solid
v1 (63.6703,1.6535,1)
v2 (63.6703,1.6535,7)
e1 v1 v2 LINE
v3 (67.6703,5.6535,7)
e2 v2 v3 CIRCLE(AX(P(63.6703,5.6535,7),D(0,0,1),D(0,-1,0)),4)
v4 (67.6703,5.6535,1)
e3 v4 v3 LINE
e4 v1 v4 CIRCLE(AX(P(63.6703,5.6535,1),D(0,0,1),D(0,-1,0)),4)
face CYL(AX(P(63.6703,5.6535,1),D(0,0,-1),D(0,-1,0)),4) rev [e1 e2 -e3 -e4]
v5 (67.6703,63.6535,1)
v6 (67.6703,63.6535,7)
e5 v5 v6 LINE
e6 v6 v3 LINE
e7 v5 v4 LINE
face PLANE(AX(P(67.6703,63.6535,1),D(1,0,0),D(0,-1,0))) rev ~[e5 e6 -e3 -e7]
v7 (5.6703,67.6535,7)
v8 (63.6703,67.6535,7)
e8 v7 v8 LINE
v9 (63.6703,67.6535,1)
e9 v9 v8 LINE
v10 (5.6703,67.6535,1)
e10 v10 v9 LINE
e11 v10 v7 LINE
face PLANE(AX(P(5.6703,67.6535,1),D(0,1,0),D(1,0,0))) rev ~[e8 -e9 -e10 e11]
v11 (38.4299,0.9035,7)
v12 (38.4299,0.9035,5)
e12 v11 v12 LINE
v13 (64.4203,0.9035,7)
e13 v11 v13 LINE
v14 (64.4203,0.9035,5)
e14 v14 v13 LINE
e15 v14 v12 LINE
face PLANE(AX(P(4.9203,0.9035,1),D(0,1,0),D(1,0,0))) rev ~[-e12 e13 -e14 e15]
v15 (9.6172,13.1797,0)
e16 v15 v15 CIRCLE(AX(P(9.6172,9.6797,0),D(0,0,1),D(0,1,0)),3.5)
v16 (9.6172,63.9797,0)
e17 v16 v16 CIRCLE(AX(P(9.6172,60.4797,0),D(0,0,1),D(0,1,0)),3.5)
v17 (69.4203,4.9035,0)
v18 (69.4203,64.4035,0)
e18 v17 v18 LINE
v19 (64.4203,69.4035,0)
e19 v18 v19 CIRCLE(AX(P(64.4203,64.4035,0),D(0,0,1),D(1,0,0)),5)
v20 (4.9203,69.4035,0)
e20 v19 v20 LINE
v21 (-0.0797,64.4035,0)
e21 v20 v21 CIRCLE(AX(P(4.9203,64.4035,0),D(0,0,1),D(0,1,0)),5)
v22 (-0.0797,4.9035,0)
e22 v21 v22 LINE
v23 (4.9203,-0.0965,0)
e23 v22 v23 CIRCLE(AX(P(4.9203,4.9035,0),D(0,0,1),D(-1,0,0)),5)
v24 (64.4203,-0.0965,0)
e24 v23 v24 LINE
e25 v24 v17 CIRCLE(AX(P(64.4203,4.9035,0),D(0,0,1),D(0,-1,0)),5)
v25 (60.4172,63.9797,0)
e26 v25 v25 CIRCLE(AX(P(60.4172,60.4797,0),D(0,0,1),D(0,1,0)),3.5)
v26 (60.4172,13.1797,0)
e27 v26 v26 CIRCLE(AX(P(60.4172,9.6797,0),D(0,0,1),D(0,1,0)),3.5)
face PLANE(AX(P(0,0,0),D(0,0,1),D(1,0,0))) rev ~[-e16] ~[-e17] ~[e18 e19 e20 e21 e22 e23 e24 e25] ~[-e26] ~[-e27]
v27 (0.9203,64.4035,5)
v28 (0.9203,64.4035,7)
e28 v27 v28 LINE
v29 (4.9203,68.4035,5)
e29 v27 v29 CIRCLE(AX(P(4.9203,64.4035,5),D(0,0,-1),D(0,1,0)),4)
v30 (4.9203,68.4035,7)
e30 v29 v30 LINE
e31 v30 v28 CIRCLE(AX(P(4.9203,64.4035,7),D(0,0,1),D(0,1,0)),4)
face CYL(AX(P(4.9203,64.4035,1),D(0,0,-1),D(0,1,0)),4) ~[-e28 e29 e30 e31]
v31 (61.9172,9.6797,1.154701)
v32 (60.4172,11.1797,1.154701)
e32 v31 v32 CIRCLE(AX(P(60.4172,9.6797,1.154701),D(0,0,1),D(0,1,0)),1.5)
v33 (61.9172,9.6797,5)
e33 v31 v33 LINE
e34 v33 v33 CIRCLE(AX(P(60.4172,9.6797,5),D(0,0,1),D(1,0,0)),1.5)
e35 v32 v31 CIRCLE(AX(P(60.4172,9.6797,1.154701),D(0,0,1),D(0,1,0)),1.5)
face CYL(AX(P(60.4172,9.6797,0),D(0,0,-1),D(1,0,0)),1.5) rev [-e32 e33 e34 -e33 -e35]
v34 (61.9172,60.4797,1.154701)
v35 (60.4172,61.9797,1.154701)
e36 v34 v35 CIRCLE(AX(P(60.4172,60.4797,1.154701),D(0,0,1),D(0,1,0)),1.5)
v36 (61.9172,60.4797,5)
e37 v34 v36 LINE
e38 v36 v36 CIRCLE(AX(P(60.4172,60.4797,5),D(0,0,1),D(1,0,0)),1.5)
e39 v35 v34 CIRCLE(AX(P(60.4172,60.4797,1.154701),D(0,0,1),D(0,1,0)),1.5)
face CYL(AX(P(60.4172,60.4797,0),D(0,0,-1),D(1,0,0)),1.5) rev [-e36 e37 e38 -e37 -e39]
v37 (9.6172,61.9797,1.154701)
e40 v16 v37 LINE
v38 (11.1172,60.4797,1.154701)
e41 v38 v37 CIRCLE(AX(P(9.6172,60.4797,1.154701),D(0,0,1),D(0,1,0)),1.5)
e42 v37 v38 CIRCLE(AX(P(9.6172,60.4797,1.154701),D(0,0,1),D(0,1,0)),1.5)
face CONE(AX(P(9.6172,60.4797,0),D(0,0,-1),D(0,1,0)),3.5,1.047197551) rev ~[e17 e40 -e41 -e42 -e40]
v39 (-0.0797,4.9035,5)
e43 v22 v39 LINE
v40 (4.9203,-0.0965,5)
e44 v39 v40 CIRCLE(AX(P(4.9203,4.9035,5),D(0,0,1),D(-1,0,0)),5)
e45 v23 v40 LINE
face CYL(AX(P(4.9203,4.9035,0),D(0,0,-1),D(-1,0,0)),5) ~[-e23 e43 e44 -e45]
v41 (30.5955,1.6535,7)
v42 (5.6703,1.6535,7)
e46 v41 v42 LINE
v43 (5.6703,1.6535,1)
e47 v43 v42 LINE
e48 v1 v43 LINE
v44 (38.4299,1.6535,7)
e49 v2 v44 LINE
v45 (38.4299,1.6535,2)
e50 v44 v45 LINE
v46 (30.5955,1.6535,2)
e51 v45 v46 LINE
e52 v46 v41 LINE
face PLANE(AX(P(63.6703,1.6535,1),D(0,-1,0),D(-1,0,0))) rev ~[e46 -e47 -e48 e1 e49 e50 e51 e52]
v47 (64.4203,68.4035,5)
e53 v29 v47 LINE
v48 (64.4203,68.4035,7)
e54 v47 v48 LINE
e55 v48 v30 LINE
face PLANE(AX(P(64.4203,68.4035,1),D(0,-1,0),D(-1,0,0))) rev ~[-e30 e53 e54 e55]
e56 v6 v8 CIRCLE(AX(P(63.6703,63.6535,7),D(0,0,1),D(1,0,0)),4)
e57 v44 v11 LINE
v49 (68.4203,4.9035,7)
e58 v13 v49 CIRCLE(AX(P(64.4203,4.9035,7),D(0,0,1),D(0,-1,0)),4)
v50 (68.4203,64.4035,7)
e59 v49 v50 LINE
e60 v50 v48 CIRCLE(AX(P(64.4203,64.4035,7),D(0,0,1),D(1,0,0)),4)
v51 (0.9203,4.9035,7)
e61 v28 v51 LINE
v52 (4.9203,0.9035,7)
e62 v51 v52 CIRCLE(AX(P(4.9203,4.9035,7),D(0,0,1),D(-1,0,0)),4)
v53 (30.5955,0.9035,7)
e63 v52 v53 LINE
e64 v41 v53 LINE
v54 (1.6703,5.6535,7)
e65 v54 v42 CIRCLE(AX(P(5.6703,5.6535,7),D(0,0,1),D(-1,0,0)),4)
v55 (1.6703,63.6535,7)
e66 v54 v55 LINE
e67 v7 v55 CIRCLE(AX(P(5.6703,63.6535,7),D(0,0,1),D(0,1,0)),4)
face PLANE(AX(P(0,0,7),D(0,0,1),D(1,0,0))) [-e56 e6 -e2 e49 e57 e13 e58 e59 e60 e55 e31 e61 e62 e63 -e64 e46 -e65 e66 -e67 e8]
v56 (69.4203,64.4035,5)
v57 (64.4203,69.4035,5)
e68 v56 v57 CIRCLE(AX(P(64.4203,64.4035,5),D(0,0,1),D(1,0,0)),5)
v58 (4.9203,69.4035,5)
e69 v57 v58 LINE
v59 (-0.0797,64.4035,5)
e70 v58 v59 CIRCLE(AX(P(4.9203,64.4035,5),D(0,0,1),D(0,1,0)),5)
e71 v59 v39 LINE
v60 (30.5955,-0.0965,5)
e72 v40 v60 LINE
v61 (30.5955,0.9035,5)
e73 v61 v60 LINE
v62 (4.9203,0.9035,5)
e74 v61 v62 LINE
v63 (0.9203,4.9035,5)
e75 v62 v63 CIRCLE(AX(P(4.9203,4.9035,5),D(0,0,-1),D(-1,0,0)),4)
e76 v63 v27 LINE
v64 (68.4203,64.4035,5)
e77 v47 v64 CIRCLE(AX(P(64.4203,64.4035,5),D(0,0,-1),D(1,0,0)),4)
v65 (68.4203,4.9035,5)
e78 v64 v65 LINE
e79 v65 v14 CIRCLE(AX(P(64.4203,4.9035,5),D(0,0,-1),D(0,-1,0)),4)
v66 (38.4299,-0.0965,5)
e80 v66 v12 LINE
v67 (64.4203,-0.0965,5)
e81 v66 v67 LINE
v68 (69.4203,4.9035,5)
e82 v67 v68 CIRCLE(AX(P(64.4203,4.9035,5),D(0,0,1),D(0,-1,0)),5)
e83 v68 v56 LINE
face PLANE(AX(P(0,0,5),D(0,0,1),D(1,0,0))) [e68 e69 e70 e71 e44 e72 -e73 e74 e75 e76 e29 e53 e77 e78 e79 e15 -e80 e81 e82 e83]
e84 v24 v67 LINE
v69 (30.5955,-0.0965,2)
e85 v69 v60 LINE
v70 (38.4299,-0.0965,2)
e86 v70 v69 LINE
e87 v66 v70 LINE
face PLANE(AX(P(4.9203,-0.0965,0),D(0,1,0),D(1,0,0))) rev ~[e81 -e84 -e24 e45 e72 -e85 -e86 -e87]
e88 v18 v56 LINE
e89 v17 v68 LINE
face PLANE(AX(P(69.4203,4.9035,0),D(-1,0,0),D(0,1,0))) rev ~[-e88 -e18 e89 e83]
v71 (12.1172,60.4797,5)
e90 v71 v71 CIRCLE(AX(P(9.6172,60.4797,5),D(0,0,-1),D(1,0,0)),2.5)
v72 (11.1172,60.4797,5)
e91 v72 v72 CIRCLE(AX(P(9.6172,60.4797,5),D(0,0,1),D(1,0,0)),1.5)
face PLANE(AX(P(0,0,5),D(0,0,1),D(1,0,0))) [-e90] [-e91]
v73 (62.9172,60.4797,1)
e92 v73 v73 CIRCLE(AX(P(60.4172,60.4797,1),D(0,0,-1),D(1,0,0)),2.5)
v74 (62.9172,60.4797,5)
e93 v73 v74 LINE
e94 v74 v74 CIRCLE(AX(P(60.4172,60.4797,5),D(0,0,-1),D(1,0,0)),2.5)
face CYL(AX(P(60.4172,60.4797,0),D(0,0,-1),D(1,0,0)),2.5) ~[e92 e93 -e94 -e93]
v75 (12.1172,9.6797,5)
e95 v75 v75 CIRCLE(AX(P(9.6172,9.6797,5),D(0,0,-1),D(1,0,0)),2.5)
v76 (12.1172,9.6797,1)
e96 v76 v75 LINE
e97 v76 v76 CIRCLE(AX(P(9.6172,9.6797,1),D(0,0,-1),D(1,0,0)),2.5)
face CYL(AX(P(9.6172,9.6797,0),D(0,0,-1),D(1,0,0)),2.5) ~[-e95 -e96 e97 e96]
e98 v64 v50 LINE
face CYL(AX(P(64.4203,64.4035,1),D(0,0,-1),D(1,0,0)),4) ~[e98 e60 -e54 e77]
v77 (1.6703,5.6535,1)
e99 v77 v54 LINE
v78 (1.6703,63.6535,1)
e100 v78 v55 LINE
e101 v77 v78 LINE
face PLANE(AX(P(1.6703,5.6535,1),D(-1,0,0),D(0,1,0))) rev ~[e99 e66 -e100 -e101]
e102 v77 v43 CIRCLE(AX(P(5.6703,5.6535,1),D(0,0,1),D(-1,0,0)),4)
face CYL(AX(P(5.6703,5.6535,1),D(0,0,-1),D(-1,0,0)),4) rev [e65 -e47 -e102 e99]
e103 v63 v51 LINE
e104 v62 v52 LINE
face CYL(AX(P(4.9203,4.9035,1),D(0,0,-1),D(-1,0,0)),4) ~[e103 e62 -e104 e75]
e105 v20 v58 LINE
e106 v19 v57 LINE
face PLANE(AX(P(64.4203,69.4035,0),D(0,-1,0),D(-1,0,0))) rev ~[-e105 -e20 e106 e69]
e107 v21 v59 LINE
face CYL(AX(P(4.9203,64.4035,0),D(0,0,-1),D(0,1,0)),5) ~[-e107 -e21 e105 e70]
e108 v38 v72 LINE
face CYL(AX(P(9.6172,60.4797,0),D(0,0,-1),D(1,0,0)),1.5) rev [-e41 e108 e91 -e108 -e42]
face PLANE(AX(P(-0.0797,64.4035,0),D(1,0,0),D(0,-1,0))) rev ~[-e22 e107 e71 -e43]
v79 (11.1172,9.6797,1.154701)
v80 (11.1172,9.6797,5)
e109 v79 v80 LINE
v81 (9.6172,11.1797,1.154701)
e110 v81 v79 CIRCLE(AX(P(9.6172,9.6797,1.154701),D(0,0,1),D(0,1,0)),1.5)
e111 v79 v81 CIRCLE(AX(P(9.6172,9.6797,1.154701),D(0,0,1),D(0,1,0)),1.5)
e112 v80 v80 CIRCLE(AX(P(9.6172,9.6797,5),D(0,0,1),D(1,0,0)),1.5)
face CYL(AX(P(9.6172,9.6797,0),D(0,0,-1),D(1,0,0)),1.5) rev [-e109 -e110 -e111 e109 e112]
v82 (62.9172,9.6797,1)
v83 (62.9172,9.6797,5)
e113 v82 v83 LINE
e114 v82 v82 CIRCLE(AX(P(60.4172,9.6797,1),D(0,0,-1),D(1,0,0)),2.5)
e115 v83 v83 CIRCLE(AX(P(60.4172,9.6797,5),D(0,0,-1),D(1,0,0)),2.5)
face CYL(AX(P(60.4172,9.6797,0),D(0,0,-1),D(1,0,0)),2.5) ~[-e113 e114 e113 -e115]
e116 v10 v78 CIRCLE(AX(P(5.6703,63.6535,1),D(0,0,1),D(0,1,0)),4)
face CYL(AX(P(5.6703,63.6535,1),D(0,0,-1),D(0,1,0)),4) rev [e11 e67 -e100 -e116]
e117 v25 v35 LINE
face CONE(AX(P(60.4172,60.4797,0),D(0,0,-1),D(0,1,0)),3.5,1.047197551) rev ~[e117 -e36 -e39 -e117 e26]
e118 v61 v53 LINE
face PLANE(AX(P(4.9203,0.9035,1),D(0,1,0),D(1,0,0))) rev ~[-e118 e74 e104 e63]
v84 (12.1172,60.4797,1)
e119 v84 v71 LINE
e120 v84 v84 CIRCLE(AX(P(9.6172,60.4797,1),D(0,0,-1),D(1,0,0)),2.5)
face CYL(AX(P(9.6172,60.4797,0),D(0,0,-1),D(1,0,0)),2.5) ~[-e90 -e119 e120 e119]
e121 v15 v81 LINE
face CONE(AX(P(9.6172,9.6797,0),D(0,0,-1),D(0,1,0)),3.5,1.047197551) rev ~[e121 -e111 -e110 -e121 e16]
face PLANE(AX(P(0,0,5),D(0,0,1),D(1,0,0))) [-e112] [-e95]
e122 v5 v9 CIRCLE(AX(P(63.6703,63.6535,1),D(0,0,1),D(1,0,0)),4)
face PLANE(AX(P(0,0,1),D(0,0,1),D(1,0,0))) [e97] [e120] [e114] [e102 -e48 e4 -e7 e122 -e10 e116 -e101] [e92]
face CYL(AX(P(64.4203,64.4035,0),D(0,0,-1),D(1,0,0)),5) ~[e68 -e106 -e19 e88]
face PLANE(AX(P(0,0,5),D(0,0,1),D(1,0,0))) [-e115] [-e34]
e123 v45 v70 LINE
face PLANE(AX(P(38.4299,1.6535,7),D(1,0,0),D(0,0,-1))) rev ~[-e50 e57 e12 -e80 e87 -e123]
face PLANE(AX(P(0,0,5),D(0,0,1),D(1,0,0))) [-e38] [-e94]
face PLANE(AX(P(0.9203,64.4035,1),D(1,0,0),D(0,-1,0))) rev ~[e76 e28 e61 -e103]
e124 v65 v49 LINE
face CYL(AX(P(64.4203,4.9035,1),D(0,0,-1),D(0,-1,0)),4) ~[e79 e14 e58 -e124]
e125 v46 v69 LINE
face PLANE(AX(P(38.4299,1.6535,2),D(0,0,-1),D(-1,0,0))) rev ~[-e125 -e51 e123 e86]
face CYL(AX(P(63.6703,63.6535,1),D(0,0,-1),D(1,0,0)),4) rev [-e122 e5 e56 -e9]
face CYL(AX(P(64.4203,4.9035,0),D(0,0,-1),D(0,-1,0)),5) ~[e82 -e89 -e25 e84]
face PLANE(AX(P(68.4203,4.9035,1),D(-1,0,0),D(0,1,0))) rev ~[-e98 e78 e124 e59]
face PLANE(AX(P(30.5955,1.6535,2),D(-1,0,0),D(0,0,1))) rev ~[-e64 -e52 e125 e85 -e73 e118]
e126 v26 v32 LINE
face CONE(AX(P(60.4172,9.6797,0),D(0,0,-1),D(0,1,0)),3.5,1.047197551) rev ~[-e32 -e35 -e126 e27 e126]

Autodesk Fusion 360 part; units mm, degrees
sketch "Sketch2" plane through (0, 1.6535, 0) normal (0, 1, 0) x (-1, 0, 0)
  line L0 (-63.6703, 1) -> (-5.6703, 1)
  line L1 (-5.6703, 1) -> (-5.6703, 7)
  line L2 (-5.6703, 7) -> (-63.6703, 7)
  line L3 (-63.6703, 7) -> (-63.6703, 1)
  line L4 (-30.5955, 7) -> (-38.4299, 7)
  line L5 (-38.4299, 7) -> (-38.4299, 2)
  line L6 (-38.4299, 2) -> (-30.5955, 2)
  line L7 (-30.5955, 2) -> (-30.5955, 7)
  dimension "d1" = 5
sketch "Sketch3" plane through (0, 0, 1) normal (0, 0, 1) x (1, 0, 0)
  circle A0 centre (9.6172, 60.4797) radius 2.5
  circle A1 centre (60.4172, 9.6797) radius 2.5
  circle A2 centre (9.6172, 9.6797) radius 2.5
  circle A3 centre (60.4172, 60.4797) radius 2.5
  line L0 (68.4203, 4.9035) -> (68.4203, 64.4035)
  arc A4 (68.4203, 64.4035) -> (64.4203, 68.4035) centre (64.4203, 64.4035) ccw
  line L1 (64.4203, 68.4035) -> (4.9203, 68.4035)
  arc A5 (4.9203, 68.4035) -> (0.9203, 64.4035) centre (4.9203, 64.4035) ccw
  line L2 (0.9203, 64.4035) -> (0.9203, 4.9035)
  arc A6 (0.9203, 4.9035) -> (4.9203, 0.9035) centre (4.9203, 4.9035) ccw
  line L3 (4.9203, 0.9035) -> (64.4203, 0.9035)
  arc A7 (64.4203, 0.9035) -> (68.4203, 4.9035) centre (64.4203, 4.9035) ccw
  line L4 (5.6703, 67.6535) -> (63.6703, 67.6535)
  line L5 (67.6703, 63.6535) -> (67.6703, 5.6535)
  line L6 (63.6703, 1.6535) -> (5.6703, 1.6535)
  line L7 (1.6703, 5.6535) -> (1.6703, 63.6535)
  arc A8 (5.6703, 67.6535) -> (1.6703, 63.6535) centre (5.6703, 63.6535) ccw
  arc A9 (67.6703, 63.6535) -> (63.6703, 67.6535) centre (63.6703, 63.6535) ccw
  arc A10 (63.6703, 1.6535) -> (67.6703, 5.6535) centre (63.6703, 5.6535) ccw
  arc A11 (1.6703, 5.6535) -> (5.6703, 1.6535) centre (5.6703, 5.6535) ccw
  dimension "d2" = 4
  dimension "d3" = 0.75
  dimension "d4" = 0.75
  dimension "d5" = 0.75
  dimension "d6" = 0.75
sketch "Sketch1" plane through (0, 0, 0) normal (0, 0, 1) x (1, 0, 0)
  circle A0 centre (9.6172, 9.6797) radius 1.5
  circle A1 centre (60.4172, 9.6797) radius 1.5
  arc A2 (4.9203, 69.4035) -> (-0.0797, 64.4035) centre (4.9203, 64.4035) ccw
  arc A3 (64.4203, -0.0965) -> (69.4203, 4.9035) centre (64.4203, 4.9035) ccw
  circle A4 centre (60.4172, 60.4797) radius 1.5
  line L0 (-6, 9.6797) -> (72, 9.6797) construction
  line L1 (35.0172, 92) -> (35.0172, -8) construction
  line L2 (64.4203, 69.4035) -> (4.9203, 69.4035)
  line L3 (60.4172, -4) -> (60.4172, 71) construction
  line L4 (-7, 60.4797) -> (90.0735, 60.4797) construction
  arc A5 (69.4203, 64.4035) -> (64.4203, 69.4035) centre (64.4203, 64.4035) ccw
  line L5 (4.9203, -0.0965) -> (64.4203, -0.0965)
  line L6 (-7, 66.8297) -> (83, 66.8297) construction
  arc A6 (-0.0797, 4.9035) -> (4.9203, -0.0965) centre (4.9203, 4.9035) ccw
  line L7 (-0.0797, 64.4035) -> (-0.0797, 4.9035)
  line L8 (-5, 3.3297) -> (86.8002, 3.3297) construction
  line L9 (9.6172, 82) -> (9.6172, -14) construction
  line L10 (69.4203, 4.9035) -> (69.4203, 64.4035)
  circle A7 centre (9.6172, 60.4797) radius 1.5
  point P0 (2.2672, 67.8297)
  point P1 (67.7672, 67.8297)
  point P2 (69.4203, -0.0965)
  point P3 (69.4203, 69.4035)
  point P4 (-0.0797, 69.4035)
  dimension "d138" = 69.5
  dimension "d139" = 69.5
  dimension "d140" = 65.5
  dimension "d143" = 6.35
  dimension "d144" = 6.35
  dimension "d156" = 3
  dimension "d158" = 3
  dimension "d160" = 3
  dimension "d162" = 3
  dimension "d164" = 5
  dimension "d165" = 5
  dimension "d166" = 5
  dimension "d167" = 5
extrude "Extrude1" add sketch "Sketch1" along normal blind 5
shell "Shell1" thickness 1 removed faces 1 at (26.9171, 26.9532, 5)
extrude "Extrude3" add sketch "Sketch3" along normal blind 6 contours L0 A4 L1 A5 L2 A6 L3 A7
hole "Hole2" at (60.4172, 60.4797, 0) direction (0, 0, 1) diameter 3 depth 3 tip angle 118 countersink diameter 7 countersink angle 120
hole "Hole10" at (60.4172, 9.6797, 0) direction (0, 0, 1) diameter 3 depth 2.75 tip angle 118 countersink diameter 7 countersink angle 120
hole "Hole11" at (9.6172, 9.6797, 0) direction (0, 0, 1) diameter 3 depth 2.75 tip angle 118 countersink diameter 7 countersink angle 120
hole "Hole12" at (9.6172, 60.4797, 0) direction (0, 0, 1) diameter 3 depth 2.75 tip angle 118 countersink diameter 7 countersink angle 120
extrude "Extrude4" cut sketch "Sketch2" against normal blind 2 contours L2 L4 L5 L6 L7
equation "d143 = mount_post_offset"
equation "d144 = mount_post_offset"
equation "d156 = mount_post_pcb_holder"
equation "d158 = mount_post_pcb_holder"
equation "d160 = mount_post_pcb_holder"
equation "d162 = mount_post_pcb_holder"
equation "d164 = shell_corner_radius"
equation "d165 = shell_corner_radius"
equation "d166 = shell_corner_radius"
equation "d167 = shell_corner_radius"
equation "mount_post_offset = 6.35 mm"
equation "mount_post_pcb_holder = 3 mm"
equation "shell_corner_radius = 5 mm"
